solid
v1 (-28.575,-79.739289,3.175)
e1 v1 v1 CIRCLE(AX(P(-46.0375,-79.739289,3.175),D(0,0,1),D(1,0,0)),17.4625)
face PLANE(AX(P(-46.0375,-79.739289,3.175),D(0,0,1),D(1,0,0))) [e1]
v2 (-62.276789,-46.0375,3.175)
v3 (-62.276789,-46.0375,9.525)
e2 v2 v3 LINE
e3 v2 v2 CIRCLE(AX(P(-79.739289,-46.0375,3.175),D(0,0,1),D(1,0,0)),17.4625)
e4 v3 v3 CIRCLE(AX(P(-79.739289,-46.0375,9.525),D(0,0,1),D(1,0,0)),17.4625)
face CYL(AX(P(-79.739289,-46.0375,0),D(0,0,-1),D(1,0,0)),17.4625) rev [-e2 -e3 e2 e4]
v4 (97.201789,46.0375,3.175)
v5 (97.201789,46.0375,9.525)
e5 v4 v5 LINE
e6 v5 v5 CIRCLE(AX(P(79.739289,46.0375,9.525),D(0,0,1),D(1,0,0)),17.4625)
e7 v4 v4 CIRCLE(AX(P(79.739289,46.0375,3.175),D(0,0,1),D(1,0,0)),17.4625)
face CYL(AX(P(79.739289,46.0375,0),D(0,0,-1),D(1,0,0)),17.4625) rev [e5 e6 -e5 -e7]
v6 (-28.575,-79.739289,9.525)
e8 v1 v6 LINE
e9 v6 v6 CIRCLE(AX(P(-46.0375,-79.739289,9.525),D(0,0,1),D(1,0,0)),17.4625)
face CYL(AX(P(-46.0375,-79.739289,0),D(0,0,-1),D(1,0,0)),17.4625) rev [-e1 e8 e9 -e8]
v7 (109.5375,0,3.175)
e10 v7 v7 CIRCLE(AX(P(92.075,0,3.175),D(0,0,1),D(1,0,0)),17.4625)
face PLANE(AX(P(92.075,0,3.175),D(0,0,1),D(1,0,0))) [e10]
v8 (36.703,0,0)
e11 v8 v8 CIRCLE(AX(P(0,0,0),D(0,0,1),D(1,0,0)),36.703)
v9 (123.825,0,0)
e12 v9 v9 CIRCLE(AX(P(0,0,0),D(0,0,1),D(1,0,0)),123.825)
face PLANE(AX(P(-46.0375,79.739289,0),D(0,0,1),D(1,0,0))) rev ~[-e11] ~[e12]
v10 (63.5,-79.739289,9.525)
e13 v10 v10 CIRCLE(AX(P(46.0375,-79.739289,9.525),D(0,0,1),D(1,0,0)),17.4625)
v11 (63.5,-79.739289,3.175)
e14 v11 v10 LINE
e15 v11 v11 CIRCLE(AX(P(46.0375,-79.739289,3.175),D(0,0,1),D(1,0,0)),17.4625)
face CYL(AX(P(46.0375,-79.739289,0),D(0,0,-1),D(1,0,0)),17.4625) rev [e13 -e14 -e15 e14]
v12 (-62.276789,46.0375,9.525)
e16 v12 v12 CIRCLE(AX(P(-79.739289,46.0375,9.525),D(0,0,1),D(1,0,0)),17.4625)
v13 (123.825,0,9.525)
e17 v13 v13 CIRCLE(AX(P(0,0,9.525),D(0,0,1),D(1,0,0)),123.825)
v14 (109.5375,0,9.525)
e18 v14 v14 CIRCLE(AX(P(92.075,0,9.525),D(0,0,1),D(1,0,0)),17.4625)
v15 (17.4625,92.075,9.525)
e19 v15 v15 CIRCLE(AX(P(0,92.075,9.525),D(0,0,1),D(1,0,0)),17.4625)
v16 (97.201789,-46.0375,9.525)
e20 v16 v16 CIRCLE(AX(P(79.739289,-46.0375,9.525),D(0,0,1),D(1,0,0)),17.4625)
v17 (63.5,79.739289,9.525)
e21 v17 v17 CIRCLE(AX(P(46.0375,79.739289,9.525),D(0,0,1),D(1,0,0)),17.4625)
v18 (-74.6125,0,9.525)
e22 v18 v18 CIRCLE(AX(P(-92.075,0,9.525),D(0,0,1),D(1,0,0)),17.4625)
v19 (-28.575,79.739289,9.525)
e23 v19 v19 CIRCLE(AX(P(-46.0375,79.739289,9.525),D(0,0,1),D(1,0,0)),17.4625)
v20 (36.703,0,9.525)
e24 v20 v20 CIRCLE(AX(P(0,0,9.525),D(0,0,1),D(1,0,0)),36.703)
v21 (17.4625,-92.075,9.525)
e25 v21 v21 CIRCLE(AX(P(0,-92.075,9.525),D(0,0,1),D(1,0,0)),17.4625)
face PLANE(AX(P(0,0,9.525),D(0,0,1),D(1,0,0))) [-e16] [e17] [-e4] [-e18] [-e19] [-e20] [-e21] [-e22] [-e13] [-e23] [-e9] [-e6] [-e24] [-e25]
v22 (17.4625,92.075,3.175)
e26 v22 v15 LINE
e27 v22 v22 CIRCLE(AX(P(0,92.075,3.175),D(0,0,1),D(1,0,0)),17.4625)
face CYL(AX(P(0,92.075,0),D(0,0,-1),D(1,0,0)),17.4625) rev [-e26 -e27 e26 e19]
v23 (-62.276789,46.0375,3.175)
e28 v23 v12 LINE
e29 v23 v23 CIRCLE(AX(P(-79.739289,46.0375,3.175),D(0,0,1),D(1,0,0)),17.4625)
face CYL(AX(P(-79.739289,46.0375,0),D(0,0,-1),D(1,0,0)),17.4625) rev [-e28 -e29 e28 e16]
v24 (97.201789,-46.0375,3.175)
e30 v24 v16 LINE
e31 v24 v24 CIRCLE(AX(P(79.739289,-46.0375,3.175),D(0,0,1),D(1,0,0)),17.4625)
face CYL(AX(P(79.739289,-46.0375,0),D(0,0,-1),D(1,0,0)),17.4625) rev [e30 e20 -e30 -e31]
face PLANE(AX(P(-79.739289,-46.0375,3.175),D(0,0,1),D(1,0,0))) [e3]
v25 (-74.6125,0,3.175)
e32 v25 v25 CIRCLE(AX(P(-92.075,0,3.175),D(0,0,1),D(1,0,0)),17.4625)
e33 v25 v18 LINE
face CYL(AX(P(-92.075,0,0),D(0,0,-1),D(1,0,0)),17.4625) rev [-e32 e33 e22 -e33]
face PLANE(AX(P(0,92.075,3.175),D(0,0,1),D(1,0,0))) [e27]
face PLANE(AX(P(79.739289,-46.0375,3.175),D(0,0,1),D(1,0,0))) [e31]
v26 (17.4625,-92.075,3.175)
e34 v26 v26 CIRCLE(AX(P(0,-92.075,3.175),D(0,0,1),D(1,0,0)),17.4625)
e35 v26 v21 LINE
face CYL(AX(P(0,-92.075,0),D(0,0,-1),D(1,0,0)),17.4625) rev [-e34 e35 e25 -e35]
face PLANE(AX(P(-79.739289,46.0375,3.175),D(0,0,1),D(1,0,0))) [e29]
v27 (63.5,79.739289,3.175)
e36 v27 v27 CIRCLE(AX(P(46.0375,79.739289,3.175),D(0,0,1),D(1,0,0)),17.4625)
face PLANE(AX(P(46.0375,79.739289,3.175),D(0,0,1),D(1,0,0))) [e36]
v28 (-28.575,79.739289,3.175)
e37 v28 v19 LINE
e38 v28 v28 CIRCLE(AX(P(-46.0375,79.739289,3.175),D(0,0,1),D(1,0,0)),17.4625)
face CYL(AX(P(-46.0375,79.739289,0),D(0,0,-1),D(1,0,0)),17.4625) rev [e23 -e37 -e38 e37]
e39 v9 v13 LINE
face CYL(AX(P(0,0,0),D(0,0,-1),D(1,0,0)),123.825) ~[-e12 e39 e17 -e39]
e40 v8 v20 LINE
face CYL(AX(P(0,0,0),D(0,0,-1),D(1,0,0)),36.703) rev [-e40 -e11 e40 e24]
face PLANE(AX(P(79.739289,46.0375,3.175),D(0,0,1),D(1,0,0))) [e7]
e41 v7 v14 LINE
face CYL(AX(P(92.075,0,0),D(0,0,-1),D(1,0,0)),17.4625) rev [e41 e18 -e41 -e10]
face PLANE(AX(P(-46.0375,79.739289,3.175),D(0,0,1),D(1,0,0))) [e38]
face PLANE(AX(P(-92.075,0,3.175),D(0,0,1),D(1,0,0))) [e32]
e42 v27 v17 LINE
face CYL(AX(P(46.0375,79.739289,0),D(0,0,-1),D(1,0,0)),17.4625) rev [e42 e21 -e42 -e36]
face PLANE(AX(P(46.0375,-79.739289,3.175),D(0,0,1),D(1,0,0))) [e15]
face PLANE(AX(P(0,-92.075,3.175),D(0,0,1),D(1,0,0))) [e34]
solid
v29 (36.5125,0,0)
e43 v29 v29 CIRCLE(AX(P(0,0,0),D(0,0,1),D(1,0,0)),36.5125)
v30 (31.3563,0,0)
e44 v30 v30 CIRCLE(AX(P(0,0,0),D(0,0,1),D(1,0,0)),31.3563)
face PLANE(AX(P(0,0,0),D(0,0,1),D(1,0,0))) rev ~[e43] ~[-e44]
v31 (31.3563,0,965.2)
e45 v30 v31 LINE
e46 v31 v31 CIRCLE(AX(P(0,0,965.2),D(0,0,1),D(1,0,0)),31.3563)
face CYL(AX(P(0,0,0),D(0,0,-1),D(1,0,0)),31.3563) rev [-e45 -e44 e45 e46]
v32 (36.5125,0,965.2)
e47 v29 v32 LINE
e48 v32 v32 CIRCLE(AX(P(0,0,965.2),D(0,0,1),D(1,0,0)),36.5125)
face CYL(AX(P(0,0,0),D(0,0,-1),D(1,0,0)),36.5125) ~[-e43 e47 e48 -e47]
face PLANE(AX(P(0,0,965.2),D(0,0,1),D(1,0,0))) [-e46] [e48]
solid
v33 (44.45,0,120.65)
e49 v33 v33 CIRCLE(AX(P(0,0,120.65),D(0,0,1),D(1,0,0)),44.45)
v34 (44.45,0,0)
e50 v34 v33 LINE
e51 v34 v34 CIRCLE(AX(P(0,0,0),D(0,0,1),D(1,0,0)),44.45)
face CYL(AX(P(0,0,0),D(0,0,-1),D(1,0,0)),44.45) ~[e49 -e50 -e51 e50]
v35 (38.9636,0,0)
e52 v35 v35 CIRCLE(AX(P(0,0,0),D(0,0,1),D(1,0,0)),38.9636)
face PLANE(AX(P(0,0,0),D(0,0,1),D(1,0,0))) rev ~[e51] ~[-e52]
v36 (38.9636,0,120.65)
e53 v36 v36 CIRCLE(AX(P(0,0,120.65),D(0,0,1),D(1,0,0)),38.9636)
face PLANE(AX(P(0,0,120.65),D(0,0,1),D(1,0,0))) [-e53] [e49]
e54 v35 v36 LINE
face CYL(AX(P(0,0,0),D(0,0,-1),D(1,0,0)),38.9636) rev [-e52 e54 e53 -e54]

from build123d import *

# Parameters (mm, degrees)
F0_R     = 123.825
F0_R_2   = 17.4625
F0_R_3   = 44.45
F0_R_4   = 38.9636
F0_R_5   = 36.703
F1_DEPTH = 9.525
F2_DEPTH = 3.175
F0_R_6   = 36.5125
F0_R_7   = 31.3563
F3_DEPTH = 965.2
F4_DEPTH = 120.65


with BuildPart() as f1:
    # F0 (on Top) → F1 (new body)
    with BuildSketch(Plane.XY):
        Circle(F0_R)
        with Locations((-46.0375, -79.7392890535)):
            Circle(F0_R_2, mode=Mode.SUBTRACT)
        with Locations((-79.7392890535, -46.0375)):
            Circle(F0_R_2, mode=Mode.SUBTRACT)
        with Locations((0, -92.075)):
            Circle(F0_R_2, mode=Mode.SUBTRACT)
        with Locations((46.0375, -79.7392890535)):
            Circle(F0_R_2, mode=Mode.SUBTRACT)
        with Locations((79.7392890535, -46.0375)):
            Circle(F0_R_2, mode=Mode.SUBTRACT)
        with Locations((-92.075, 0)):
            Circle(F0_R_2, mode=Mode.SUBTRACT)
        with Locations((-79.7392890535, 46.0375)):
            Circle(F0_R_2, mode=Mode.SUBTRACT)
        with Locations((-46.0375, 79.7392890535)):
            Circle(F0_R_2, mode=Mode.SUBTRACT)
        Circle(F0_R_3, mode=Mode.SUBTRACT)
        with Locations((92.075, 0)):
            Circle(F0_R_2, mode=Mode.SUBTRACT)
        with Locations((79.7392890535, 46.0375)):
            Circle(F0_R_2, mode=Mode.SUBTRACT)
        with Locations((0, 92.075)):
            Circle(F0_R_2, mode=Mode.SUBTRACT)
        with Locations((46.0375, 79.7392890535)):
            Circle(F0_R_2, mode=Mode.SUBTRACT)
        Circle(F0_R_3)
        Circle(F0_R_4, mode=Mode.SUBTRACT)
        Circle(F0_R_4)
        Circle(F0_R_5, mode=Mode.SUBTRACT)
    extrude(amount=F1_DEPTH)

    # F0 (on Top) → F2 (join)
    with BuildSketch(Plane.XY):
        with Locations((-46.0375, 79.7392890535)):
            Circle(F0_R_2)
        with Locations((0, 92.075)):
            Circle(F0_R_2)
        with Locations((46.0375, 79.7392890535)):
            Circle(F0_R_2)
        with Locations((92.075, 0)):
            Circle(F0_R_2)
        with Locations((79.7392890535, 46.0375)):
            Circle(F0_R_2)
        with Locations((79.7392890535, -46.0375)):
            Circle(F0_R_2)
        with Locations((46.0375, -79.7392890535)):
            Circle(F0_R_2)
        with Locations((0, -92.075)):
            Circle(F0_R_2)
        with Locations((-46.0375, -79.7392890535)):
            Circle(F0_R_2)
        with Locations((-79.7392890535, -46.0375)):
            Circle(F0_R_2)
        with Locations((-92.075, 0)):
            Circle(F0_R_2)
        with Locations((-79.7392890535, 46.0375)):
            Circle(F0_R_2)
    extrude(amount=F2_DEPTH)


with BuildPart() as f3:
    # F0 (on Top) → F3 (new body)
    with BuildSketch(Plane.XY):
        Circle(F0_R_6)
        Circle(F0_R_7, mode=Mode.SUBTRACT)
    extrude(amount=F3_DEPTH)


with BuildPart() as f4:
    # F0 (on Top) → F4 (new body)
    with BuildSketch(Plane.XY):
        Circle(F0_R_3)
        Circle(F0_R_4, mode=Mode.SUBTRACT)
    extrude(amount=F4_DEPTH)


solid = Compound([f1.part, f3.part, f4.part])
